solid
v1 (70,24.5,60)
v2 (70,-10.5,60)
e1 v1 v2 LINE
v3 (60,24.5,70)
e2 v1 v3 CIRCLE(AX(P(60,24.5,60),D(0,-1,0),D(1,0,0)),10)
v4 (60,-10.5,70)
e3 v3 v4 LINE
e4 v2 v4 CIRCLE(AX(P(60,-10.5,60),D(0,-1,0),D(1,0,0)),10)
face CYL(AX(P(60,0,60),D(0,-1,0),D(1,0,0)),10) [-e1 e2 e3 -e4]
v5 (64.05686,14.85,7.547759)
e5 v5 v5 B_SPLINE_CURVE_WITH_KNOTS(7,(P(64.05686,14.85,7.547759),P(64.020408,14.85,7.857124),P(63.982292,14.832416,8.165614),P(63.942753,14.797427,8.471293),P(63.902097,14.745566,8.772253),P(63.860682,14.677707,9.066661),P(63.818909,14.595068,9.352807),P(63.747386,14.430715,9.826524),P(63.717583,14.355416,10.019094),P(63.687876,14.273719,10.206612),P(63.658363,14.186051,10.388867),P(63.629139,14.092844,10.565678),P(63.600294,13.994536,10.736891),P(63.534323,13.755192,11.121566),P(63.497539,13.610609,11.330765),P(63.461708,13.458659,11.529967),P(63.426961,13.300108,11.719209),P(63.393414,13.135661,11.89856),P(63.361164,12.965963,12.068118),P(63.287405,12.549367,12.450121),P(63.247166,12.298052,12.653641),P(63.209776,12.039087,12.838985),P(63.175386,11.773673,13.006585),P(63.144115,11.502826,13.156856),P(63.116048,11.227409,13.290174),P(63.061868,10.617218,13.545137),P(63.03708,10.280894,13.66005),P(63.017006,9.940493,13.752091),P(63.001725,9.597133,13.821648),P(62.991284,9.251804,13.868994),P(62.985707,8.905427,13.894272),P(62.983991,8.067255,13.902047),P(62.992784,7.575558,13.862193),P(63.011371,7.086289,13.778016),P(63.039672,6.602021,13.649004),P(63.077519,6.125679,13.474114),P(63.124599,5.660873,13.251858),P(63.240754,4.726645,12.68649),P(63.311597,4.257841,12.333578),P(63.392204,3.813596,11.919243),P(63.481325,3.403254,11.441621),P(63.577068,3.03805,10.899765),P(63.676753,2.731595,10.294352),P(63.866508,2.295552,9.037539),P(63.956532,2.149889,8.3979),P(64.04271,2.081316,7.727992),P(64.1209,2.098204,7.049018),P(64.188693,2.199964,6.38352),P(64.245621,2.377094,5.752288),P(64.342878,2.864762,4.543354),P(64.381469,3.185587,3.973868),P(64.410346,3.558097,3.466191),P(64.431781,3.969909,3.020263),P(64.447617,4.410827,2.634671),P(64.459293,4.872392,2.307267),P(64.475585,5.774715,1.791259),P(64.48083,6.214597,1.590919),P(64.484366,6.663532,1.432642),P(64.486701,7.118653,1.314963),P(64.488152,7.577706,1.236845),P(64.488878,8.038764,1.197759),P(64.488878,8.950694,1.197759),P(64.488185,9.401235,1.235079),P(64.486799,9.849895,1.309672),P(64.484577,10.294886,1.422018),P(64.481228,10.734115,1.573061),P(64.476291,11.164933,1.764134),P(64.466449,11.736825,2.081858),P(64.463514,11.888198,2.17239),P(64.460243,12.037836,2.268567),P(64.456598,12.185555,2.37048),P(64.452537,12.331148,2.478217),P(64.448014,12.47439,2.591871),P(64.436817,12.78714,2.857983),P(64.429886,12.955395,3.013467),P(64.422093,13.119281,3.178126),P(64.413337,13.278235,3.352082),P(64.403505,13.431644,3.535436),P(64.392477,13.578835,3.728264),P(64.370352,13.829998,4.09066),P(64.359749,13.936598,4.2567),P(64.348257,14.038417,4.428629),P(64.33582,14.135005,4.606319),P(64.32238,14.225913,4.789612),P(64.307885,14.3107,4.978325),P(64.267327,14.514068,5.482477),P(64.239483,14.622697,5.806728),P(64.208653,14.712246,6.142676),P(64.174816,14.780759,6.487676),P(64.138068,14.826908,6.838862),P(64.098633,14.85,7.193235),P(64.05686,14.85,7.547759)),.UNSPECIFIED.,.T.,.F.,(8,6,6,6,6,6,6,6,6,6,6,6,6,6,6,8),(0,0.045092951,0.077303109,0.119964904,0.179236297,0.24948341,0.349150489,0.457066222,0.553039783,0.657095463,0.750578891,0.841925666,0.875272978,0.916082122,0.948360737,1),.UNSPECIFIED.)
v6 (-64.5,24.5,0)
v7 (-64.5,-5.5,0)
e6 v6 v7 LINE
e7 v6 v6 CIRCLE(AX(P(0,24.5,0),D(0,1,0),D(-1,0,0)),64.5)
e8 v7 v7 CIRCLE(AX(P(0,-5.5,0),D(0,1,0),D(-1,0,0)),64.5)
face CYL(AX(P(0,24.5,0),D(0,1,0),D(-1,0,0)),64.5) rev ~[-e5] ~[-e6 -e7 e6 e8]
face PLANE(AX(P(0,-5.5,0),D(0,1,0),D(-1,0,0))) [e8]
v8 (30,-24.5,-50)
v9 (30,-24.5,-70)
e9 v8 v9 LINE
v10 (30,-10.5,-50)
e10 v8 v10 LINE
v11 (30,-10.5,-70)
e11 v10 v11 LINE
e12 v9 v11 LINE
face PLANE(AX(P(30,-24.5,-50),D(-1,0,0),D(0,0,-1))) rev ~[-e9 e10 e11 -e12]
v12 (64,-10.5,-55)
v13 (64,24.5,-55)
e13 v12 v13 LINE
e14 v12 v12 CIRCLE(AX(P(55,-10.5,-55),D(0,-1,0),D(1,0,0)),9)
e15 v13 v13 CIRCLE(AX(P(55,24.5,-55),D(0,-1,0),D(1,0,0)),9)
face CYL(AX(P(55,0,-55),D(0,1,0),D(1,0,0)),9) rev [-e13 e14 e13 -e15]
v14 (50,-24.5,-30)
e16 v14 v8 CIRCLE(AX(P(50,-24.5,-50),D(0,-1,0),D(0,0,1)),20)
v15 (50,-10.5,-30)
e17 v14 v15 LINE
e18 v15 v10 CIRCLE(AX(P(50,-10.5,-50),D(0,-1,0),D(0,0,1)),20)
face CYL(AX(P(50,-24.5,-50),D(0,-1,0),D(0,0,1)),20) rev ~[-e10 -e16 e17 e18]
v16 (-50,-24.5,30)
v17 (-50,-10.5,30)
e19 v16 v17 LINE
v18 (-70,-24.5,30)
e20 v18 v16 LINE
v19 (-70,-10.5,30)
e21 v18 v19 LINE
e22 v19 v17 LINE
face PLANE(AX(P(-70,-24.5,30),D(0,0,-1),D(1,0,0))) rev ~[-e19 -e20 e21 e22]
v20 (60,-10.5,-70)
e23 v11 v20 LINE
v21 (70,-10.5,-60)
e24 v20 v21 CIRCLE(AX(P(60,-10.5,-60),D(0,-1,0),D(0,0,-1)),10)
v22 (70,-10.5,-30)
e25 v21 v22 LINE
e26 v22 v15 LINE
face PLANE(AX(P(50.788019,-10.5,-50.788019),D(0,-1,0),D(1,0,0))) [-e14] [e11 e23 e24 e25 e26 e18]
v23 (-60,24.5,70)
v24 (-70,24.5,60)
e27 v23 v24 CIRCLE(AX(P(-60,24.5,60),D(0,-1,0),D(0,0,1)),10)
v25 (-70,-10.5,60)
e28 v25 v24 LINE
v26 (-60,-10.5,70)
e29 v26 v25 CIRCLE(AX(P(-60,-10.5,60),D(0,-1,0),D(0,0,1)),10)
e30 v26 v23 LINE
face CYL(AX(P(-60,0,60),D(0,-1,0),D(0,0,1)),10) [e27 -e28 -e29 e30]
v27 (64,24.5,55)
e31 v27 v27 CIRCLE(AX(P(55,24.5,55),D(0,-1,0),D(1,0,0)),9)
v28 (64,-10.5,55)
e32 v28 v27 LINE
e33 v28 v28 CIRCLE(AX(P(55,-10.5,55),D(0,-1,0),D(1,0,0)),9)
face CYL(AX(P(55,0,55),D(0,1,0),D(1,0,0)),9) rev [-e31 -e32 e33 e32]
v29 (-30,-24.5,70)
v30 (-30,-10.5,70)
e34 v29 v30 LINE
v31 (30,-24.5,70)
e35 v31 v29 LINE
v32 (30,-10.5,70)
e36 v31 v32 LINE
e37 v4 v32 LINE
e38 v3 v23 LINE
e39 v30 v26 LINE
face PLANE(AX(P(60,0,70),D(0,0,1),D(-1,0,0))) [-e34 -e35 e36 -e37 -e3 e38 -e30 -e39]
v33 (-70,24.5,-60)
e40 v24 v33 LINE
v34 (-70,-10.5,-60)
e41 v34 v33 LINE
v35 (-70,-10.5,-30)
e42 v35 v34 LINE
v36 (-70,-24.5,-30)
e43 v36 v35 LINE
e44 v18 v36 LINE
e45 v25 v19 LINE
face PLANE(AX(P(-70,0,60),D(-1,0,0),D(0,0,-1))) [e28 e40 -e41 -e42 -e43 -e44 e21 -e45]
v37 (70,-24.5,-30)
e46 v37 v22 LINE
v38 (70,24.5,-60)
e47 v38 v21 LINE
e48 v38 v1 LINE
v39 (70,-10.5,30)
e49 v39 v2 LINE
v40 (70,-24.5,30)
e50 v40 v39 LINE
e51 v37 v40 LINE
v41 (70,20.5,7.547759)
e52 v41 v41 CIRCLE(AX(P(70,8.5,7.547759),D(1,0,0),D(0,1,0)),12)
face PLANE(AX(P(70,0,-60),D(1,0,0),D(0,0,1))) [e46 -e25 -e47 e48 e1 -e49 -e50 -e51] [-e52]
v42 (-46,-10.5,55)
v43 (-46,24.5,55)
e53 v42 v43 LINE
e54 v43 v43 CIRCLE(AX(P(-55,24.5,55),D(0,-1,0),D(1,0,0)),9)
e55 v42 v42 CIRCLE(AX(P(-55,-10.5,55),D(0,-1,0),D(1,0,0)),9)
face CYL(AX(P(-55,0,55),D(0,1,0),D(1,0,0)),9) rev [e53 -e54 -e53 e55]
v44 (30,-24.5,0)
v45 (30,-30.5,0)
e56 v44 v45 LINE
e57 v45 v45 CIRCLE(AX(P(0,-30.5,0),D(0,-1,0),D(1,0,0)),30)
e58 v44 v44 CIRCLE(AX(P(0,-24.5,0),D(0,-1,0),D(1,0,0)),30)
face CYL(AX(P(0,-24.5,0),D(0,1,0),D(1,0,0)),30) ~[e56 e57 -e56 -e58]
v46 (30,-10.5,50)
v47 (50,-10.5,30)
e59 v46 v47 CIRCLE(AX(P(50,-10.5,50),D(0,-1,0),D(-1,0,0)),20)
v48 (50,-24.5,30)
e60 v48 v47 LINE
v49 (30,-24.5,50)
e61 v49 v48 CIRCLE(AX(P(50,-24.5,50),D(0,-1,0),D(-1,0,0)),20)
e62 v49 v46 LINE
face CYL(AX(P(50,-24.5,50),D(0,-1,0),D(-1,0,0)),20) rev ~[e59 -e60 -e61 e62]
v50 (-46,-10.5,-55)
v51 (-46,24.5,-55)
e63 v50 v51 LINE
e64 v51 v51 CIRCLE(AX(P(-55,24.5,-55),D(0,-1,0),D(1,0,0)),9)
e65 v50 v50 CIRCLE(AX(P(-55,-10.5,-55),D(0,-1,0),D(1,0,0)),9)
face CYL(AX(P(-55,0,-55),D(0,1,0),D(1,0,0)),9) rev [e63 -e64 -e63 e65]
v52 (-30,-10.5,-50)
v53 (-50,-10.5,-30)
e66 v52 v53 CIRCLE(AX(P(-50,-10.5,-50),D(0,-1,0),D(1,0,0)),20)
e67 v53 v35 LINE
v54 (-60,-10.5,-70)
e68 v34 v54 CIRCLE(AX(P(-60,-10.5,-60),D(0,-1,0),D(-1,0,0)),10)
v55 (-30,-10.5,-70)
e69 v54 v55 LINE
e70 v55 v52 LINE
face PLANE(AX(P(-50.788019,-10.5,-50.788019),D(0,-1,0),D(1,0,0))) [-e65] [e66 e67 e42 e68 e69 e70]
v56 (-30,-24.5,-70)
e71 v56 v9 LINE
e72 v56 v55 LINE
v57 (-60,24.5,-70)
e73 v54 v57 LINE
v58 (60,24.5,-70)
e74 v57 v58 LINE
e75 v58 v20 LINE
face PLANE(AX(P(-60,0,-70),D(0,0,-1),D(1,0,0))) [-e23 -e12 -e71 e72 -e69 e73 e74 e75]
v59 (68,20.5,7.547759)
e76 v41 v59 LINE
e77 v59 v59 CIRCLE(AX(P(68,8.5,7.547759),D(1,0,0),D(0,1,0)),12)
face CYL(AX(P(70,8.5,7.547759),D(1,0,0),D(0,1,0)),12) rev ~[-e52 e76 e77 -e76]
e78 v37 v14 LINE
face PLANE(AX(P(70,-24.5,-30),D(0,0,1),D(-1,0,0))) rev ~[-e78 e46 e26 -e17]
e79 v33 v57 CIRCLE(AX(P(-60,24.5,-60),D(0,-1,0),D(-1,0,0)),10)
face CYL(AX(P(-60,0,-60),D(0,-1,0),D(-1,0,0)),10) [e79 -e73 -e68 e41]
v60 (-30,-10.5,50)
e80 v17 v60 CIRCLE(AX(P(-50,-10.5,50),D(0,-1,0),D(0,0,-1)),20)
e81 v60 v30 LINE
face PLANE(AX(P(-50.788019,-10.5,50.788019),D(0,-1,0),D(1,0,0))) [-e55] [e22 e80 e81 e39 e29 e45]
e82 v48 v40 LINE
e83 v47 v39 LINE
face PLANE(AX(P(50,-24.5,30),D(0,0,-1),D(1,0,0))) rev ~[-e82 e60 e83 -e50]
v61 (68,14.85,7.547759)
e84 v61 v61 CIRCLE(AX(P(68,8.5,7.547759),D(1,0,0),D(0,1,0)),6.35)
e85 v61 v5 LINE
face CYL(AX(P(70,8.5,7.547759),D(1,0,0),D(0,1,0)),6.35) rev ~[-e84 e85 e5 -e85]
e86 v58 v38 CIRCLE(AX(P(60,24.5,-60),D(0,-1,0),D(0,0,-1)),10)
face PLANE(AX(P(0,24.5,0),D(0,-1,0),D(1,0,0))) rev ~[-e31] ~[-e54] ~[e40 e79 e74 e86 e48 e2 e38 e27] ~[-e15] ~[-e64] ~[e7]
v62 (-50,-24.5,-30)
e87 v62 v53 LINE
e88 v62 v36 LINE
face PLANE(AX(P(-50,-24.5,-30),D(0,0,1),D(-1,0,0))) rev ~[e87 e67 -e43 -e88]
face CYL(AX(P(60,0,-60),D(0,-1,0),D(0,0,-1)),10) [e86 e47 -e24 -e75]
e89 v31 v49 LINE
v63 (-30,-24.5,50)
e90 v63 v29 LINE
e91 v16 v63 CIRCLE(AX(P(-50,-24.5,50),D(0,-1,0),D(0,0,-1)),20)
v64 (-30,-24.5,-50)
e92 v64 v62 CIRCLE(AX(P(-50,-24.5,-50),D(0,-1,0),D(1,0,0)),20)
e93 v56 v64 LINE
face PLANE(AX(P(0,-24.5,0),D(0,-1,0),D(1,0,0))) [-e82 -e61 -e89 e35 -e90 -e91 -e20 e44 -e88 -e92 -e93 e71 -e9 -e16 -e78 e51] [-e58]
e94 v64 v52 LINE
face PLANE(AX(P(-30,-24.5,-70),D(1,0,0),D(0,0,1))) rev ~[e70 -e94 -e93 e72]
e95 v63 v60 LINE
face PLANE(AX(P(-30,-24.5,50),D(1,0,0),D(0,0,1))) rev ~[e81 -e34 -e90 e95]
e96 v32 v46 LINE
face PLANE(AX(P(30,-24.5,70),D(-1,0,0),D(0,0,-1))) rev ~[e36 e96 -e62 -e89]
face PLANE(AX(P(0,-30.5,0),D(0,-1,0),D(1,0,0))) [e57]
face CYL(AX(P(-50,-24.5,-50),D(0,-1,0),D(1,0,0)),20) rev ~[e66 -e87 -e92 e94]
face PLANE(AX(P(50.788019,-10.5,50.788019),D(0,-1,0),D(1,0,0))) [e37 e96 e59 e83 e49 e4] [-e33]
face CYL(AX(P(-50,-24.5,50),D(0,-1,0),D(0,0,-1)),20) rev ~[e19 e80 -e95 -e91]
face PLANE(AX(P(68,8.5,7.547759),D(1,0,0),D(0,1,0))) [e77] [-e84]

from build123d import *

# Parameters (mm, degrees)
F0_R      = 9
F1_DEPTH  = 24.5
F2_R      = 9
F3_DEPTH  = 14
F4_R      = 30
F5_DEPTH  = 6
F6_R      = 64.5
F8_DEPTH  = 30
F7_R      = 12
F7_R_2    = 6.35
F9_DEPTH  = 2
F10_DEPTH = 8


with BuildPart() as f1:
    # F0 (on Front) → F1 (new body, symmetric)
    with BuildSketch(Plane.XZ):
        with BuildLine():
            Line((-60, -70), (60, -70))
            ThreePointArc((60, -70), (67.0710678119, -67.0710678119), (70, -60))
            Line((70, -60), (70, 60))
            ThreePointArc((70, 60), (67.0710678119, 67.0710678119), (60, 70))
            Line((60, 70), (-60, 70))
            ThreePointArc((-60, 70), (-67.0710678119, 67.0710678119), (-70, 60))
            Line((-70, 60), (-70, -60))
            ThreePointArc((-70, -60), (-67.0710678119, -67.0710678119), (-60, -70))
        make_face()
        with Locations((-55, -55)):
            Circle(F0_R, mode=Mode.SUBTRACT)
        with Locations((55, -55)):
            Circle(F0_R, mode=Mode.SUBTRACT)
        with Locations((-55, 55)):
            Circle(F0_R, mode=Mode.SUBTRACT)
        with Locations((55, 55)):
            Circle(F0_R, mode=Mode.SUBTRACT)
    extrude(amount=F1_DEPTH, both=True)

    # F2 (on face) → F3 (cut)
    with BuildSketch(Plane.XZ.offset(24.5)):
        with BuildLine():
            Line((30, -50), (30, -70))
            Line((30, -70), (60, -70))
            ThreePointArc((60, -70), (67.0710678119, -67.0710678119), (70, -60))
            Line((70, -60), (70, -30))
            Line((70, -30), (50, -30))
            ThreePointArc((50, -30), (35.8578643763, -35.8578643763), (30, -50))
        make_face()
        with Locations((55, -55)):
            Circle(F2_R, mode=Mode.SUBTRACT)
        with BuildLine():
            Line((60, 70), (30, 70))
            Line((30, 70), (30, 50))
            ThreePointArc((30, 50), (35.8578643763, 35.8578643763), (50, 30))
            Line((50, 30), (70, 30))
            Line((70, 30), (70, 60))
            ThreePointArc((70, 60), (67.0710678119, 67.0710678119), (60, 70))
        make_face()
        with Locations((55, 55)):
            Circle(F2_R, mode=Mode.SUBTRACT)
        with BuildLine():
            Line((-70, 60), (-70, 30))
            Line((-70, 30), (-50, 30))
            ThreePointArc((-50, 30), (-35.8578643763, 35.8578643763), (-30, 50))
            Line((-30, 50), (-30, 70))
            Line((-30, 70), (-60, 70))
            ThreePointArc((-60, 70), (-67.0710678119, 67.0710678119), (-70, 60))
        make_face()
        with Locations((-55, 55)):
            Circle(F2_R, mode=Mode.SUBTRACT)
        with BuildLine():
            Line((-50, -30), (-70, -30))
            Line((-70, -30), (-70, -60))
            ThreePointArc((-70, -60), (-67.0710678119, -67.0710678119), (-60, -70))
            Line((-60, -70), (-30, -70))
            Line((-30, -70), (-30, -50))
            ThreePointArc((-30, -50), (-35.8578643763, -35.8578643763), (-50, -30))
        make_face()
        with Locations((-55, -55)):
            Circle(F2_R, mode=Mode.SUBTRACT)
    extrude(amount=-F3_DEPTH, mode=Mode.SUBTRACT)

    # F4 (on face) → F5 (join)
    with BuildSketch(Plane.XZ.offset(24.5)):
        Circle(F4_R)
    extrude(amount=F5_DEPTH)

    # F6 (on face) → F8 (cut)
    with BuildSketch(Plane(origin=(0, 24.5, 0), x_dir=(-1, 0, 0), z_dir=(0, 1, 0))):
        Circle(F6_R)
    extrude(amount=-F8_DEPTH, mode=Mode.SUBTRACT)

    # F7 (on face) → F9 (cut)
    with BuildSketch(Plane.YZ.offset(70)):
        with Locations((8.5, 7.547759451)):
            Circle(F7_R)
        with Locations((8.5, 7.547759451)):
            Circle(F7_R_2, mode=Mode.SUBTRACT)
    extrude(amount=-F9_DEPTH, mode=Mode.SUBTRACT)

    # F10 (cut): a face of the model
    f10_faces = [f1.faces().sort_by_distance(p)[0] for p in [
        (70, 8.5, 7.547759451),
    ]]
    extrude(f10_faces, amount=-F10_DEPTH, mode=Mode.SUBTRACT)


solid = f1.part
